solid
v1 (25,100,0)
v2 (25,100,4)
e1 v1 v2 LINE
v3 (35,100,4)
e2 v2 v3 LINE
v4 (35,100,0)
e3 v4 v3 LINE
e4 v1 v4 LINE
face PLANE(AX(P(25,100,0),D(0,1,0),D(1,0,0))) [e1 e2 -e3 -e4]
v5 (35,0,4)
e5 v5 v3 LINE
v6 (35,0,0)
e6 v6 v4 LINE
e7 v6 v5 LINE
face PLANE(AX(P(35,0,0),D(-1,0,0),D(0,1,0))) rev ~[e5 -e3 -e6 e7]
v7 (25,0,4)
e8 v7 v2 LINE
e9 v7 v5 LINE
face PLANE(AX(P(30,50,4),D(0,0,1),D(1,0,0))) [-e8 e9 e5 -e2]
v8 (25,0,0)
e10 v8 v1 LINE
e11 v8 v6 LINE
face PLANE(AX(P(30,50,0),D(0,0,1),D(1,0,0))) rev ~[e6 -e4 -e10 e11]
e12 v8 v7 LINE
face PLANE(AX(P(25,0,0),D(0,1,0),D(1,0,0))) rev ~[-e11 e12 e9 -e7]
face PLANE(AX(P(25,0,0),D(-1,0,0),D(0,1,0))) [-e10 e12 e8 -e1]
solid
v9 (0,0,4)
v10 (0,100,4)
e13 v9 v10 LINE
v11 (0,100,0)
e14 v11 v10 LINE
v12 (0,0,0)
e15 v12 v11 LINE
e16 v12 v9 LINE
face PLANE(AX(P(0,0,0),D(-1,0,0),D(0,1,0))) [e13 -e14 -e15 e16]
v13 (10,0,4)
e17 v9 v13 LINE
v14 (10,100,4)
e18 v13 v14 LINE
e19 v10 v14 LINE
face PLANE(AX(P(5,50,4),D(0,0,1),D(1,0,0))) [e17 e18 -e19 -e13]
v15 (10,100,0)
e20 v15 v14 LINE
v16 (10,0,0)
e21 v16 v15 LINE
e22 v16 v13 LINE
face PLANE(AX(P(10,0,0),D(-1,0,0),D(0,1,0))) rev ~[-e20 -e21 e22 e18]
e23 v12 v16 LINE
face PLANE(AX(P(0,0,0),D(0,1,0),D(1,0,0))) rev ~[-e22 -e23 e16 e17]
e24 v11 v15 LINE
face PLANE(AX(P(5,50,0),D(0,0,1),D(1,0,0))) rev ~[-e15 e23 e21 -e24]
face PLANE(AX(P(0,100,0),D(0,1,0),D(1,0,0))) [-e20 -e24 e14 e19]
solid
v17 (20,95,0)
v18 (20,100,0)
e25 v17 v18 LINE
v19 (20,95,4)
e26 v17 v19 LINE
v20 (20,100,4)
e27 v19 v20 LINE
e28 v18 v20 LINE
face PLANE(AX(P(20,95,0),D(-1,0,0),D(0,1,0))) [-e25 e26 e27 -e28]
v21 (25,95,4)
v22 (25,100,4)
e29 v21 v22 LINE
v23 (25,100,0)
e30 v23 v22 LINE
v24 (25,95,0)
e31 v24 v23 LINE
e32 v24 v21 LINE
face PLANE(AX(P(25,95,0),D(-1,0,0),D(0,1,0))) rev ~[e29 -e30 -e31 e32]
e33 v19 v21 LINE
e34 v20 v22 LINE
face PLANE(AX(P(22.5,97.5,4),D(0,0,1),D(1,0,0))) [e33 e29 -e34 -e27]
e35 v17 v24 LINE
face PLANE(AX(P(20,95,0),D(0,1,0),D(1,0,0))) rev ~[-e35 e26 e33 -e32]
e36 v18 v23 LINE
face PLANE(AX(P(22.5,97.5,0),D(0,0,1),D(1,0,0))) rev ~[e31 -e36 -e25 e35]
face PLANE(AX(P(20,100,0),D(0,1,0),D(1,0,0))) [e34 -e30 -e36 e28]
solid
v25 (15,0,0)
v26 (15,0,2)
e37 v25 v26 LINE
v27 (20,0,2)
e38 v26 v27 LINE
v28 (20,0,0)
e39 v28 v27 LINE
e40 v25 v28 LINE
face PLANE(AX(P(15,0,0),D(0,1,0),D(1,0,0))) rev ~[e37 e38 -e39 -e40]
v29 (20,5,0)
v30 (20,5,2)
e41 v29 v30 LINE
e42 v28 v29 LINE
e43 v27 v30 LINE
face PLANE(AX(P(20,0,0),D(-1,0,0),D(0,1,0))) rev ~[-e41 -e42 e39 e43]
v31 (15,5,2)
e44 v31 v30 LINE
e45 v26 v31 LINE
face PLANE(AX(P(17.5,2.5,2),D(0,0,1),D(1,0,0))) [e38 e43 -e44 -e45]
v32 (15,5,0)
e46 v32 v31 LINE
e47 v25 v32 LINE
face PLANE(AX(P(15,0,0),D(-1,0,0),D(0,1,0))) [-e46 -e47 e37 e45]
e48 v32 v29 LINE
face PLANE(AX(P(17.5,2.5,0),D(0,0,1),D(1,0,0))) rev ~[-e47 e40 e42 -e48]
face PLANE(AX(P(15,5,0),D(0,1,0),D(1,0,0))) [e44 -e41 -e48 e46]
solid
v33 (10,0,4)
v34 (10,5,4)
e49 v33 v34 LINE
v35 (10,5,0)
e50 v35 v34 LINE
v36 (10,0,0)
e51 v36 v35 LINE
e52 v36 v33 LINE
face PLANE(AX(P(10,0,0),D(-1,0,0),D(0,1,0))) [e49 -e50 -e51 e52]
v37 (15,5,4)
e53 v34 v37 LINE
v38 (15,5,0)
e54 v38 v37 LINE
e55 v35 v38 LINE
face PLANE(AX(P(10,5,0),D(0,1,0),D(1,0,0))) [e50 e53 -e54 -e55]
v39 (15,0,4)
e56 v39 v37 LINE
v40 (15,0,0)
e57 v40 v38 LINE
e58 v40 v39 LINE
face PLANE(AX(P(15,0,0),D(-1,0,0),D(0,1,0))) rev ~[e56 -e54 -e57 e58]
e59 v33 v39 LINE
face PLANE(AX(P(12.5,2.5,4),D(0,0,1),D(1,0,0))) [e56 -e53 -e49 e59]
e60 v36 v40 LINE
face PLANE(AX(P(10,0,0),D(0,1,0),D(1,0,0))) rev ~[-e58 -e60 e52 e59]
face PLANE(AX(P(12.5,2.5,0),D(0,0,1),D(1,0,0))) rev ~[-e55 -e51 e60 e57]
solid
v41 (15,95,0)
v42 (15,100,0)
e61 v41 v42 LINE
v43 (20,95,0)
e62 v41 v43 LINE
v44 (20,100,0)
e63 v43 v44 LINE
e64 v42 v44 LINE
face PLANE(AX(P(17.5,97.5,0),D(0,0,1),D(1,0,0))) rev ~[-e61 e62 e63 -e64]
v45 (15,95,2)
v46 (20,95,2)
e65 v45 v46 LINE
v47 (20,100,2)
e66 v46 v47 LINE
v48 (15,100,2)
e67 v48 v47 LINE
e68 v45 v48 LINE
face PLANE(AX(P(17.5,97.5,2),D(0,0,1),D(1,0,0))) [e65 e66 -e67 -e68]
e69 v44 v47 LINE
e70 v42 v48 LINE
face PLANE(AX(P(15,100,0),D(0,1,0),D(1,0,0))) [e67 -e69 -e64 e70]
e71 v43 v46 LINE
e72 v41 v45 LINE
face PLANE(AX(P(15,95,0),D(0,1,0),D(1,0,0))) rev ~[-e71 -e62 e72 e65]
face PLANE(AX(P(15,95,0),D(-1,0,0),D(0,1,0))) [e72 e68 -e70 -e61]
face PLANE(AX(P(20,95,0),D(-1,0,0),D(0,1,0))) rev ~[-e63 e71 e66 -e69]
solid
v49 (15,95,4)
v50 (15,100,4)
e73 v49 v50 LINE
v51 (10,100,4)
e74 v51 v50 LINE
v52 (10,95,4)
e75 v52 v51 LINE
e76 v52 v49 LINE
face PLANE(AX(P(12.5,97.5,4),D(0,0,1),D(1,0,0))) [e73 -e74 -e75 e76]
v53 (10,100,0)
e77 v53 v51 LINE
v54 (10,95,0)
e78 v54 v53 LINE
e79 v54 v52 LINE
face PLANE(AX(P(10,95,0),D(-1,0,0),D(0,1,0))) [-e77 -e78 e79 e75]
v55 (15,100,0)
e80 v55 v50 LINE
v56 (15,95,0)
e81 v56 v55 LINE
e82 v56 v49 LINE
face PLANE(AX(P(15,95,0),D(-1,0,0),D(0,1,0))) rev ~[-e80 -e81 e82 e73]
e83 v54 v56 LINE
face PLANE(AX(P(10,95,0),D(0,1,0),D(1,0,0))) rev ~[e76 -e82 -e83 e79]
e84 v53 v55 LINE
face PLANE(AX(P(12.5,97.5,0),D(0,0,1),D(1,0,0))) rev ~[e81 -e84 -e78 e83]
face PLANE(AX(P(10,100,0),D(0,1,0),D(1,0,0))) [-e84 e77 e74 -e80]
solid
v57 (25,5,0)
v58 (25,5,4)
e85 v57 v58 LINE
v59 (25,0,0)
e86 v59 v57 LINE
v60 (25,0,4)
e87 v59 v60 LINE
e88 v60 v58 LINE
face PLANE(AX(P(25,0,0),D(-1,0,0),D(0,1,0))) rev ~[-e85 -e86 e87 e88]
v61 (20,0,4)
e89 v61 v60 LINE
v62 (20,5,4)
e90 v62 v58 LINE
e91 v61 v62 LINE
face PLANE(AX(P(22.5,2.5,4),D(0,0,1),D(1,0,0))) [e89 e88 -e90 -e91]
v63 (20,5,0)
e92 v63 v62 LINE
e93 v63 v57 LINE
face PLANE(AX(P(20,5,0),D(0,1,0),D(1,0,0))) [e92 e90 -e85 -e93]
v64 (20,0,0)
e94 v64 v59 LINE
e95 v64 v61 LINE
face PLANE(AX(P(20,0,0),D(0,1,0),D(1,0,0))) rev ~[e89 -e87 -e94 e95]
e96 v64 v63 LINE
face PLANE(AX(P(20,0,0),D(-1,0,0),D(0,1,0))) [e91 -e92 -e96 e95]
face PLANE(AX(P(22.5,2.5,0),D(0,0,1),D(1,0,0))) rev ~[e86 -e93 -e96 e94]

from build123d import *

# Parameters (mm, degrees)
F1_W     = 10
F1_H     = 100
F4_DEPTH = 4
F3_W     = 5
F3_H     = 5
F5_DEPTH = 4
F2_W     = 5
F2_H     = 5
F6_DEPTH = 2


with BuildPart() as f4:
    # F1 (on face) → F4 (new body)
    with BuildSketch(Plane.XY):
        with Locations((5, 50)):
            Rectangle(F1_W, F1_H)
        with Locations((30, 50)):
            Rectangle(F1_W, F1_H)
    extrude(amount=F4_DEPTH)


with BuildPart() as f5:
    # F3 (on face) → F5 (new body)
    with BuildSketch(Plane.XY):
        with Locations((12.5, 97.5)):
            Rectangle(F3_W, F3_H)
        with Locations((22.5, 97.5)):
            Rectangle(F3_W, F3_H)
        with Locations((12.5, 2.5)):
            Rectangle(F3_W, F3_H)
        with Locations((22.5, 2.5)):
            Rectangle(F3_W, F3_H)
    extrude(amount=F5_DEPTH)


with BuildPart() as f6:
    # F2 (on face) → F6 (new body)
    with BuildSketch(Plane.XY):
        with Locations((17.5, 97.5)):
            Rectangle(F2_W, F2_H)
        with Locations((17.5, 2.5)):
            Rectangle(F2_W, F2_H)
    extrude(amount=F6_DEPTH)


solid = Compound([f4.part, f5.part, f6.part])
